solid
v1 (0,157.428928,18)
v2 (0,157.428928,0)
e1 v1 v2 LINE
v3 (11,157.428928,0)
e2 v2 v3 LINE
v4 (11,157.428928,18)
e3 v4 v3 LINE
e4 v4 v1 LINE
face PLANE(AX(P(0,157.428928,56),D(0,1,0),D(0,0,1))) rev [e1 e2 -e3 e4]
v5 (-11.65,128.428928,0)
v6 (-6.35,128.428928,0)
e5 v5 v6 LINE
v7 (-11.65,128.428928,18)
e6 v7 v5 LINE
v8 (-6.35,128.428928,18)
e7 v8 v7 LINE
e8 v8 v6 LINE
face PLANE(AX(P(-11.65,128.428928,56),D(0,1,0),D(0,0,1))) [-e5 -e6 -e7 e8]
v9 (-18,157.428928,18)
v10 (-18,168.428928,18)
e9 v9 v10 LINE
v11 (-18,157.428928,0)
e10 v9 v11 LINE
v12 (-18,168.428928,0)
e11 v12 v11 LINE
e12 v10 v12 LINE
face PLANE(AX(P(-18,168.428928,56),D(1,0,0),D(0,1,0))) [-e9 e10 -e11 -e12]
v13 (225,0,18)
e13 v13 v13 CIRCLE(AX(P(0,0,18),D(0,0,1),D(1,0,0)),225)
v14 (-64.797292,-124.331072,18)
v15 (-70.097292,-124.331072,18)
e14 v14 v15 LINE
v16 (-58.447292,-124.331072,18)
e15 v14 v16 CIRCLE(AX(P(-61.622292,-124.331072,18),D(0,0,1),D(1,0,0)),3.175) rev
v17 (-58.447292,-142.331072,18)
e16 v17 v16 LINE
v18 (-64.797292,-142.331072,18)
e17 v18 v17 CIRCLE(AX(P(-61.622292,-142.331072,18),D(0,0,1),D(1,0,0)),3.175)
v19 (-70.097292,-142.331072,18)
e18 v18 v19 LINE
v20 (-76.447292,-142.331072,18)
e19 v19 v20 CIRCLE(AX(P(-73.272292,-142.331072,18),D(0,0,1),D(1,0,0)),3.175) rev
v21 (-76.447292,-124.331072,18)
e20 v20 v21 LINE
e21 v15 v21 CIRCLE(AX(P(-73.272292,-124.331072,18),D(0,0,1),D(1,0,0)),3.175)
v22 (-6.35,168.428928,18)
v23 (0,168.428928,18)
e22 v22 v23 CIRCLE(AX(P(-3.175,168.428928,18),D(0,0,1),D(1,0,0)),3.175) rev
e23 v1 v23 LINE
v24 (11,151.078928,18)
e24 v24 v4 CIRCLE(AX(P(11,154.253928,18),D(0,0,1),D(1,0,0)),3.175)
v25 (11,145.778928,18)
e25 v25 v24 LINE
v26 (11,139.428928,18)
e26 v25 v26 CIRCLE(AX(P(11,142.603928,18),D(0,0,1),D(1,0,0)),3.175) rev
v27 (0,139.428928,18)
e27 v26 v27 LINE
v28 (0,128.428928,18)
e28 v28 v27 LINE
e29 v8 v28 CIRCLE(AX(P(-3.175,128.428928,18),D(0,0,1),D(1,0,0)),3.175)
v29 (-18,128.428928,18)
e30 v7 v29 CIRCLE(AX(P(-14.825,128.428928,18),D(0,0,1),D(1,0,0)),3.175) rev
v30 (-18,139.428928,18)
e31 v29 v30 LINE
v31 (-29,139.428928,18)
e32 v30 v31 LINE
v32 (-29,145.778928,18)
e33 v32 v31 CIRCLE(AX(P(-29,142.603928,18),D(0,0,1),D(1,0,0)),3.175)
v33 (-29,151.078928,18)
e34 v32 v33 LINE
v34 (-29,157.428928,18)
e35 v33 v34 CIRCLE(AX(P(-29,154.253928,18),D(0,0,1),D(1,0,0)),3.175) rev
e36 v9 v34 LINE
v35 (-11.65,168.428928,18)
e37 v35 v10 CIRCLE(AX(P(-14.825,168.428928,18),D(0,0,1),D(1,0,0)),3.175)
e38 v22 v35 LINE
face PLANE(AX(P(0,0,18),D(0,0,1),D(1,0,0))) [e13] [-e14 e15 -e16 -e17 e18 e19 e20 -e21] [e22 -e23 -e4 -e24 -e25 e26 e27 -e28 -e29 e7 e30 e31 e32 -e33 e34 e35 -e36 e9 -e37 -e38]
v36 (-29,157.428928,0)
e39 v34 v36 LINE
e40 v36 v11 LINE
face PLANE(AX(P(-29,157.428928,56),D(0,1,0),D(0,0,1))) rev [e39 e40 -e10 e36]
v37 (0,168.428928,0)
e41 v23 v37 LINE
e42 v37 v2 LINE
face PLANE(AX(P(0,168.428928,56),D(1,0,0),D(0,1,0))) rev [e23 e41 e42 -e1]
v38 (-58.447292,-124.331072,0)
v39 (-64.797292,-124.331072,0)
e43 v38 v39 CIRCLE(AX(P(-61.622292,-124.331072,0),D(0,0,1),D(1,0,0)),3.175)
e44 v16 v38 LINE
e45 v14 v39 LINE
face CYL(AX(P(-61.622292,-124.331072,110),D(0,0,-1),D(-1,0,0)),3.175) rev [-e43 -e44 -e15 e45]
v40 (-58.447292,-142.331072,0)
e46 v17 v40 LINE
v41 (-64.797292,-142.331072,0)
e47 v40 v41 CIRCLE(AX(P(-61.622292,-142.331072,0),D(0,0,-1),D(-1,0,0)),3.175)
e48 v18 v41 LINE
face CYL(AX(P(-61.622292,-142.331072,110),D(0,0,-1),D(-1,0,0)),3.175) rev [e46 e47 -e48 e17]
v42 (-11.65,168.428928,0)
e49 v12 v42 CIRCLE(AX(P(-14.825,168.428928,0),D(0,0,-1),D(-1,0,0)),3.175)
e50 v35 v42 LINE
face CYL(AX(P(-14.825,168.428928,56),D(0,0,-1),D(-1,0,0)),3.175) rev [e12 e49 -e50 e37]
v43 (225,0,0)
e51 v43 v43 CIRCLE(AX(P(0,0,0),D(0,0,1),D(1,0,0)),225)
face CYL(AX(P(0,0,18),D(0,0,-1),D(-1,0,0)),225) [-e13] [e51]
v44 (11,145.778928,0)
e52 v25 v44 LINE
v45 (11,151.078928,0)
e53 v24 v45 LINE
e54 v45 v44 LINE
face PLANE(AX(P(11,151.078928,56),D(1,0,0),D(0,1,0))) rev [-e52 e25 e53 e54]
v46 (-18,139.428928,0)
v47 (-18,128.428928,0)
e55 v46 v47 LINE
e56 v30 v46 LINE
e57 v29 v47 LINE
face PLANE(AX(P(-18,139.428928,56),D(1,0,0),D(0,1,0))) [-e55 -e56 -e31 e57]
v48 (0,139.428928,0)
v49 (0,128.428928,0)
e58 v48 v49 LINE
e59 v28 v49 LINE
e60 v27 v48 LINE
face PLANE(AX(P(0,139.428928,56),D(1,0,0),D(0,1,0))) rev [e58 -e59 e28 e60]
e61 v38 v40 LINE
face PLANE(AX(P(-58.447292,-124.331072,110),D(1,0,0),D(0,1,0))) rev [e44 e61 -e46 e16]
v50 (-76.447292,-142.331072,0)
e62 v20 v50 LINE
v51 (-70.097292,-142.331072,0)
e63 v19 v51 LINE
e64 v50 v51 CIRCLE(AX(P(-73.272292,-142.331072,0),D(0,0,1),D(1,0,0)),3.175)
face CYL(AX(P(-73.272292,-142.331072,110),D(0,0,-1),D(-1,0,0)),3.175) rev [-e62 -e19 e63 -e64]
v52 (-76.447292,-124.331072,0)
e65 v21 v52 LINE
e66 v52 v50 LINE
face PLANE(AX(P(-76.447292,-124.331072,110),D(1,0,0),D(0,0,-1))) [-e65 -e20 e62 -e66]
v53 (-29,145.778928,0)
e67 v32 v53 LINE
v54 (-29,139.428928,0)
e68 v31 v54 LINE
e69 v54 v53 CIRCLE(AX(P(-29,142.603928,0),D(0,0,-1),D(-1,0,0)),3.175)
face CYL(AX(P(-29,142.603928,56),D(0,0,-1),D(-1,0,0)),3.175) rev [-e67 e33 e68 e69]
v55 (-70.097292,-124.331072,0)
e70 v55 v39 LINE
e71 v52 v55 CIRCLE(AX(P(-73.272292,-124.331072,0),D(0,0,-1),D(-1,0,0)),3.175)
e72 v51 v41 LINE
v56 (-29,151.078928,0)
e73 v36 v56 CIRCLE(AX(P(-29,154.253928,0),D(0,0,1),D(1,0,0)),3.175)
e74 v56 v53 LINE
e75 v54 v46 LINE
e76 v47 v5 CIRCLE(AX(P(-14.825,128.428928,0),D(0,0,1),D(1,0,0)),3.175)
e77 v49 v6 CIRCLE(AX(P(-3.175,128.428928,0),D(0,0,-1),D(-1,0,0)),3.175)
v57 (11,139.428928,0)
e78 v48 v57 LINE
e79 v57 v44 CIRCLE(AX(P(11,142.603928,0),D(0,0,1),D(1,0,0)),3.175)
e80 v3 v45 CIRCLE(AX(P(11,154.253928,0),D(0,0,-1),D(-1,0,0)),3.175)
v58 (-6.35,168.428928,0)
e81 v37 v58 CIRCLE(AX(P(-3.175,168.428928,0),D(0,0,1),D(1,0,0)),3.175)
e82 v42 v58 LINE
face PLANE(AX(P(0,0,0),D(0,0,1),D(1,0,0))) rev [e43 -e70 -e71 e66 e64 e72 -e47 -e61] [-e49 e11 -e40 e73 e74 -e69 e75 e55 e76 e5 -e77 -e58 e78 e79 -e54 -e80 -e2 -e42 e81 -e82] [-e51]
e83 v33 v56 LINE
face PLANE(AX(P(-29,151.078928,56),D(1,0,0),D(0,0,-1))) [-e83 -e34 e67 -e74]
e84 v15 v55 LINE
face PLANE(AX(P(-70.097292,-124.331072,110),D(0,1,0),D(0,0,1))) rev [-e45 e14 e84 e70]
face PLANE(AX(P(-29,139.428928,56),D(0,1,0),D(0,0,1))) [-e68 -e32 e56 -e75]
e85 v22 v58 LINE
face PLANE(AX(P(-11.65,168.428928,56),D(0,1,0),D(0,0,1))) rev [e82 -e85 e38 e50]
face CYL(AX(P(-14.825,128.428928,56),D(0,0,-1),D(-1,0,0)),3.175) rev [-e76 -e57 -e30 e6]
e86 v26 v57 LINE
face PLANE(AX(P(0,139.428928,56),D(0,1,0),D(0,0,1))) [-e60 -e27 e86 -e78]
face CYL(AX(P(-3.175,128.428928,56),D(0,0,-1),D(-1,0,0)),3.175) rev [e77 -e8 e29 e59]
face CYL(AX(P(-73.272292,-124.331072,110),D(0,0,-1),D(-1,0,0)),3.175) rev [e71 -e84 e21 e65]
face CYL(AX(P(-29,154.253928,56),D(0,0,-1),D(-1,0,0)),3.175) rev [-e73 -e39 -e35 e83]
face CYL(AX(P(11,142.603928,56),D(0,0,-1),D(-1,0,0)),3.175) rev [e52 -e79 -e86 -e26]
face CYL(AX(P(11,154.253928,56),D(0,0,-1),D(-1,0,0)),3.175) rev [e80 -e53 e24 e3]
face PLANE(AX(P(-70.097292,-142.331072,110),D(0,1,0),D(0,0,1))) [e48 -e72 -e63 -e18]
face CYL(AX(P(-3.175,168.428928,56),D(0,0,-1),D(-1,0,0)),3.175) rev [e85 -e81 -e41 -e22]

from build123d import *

# Parameters (mm, degrees)
SCHIZZO1_R                   = 225
ESTRUSIONE_ESTRUSIONE1_DEPTH = 18
TAGLIO_ESTRUSIONE3_DEPTH     = 56
TAGLIO_ESTRUSIONE4_DEPTH     = 110


with BuildPart() as part:
    # Schizzo1 → Estrusione-Estrusione1 (new body)
    with BuildSketch(Plane.XY):
        Circle(SCHIZZO1_R)
    extrude(amount=ESTRUSIONE_ESTRUSIONE1_DEPTH)

    # Schizzo1<7> → Taglio-Estrusione3 (cut)
    with BuildSketch(Plane.XY):
        with BuildLine():
            Line((-11.65, 168.428927822), (-6.35, 168.428927822))
            ThreePointArc((-6.35, 168.428927822), (-3.175, 171.603927822), (0, 168.428927822))
            Line((0, 168.428927822), (0, 157.428927822))
            Line((0, 157.428927822), (11, 157.428927822))
            ThreePointArc((11, 157.428927822), (14.175, 154.253927822), (11, 151.078927822))
            Line((11, 151.078927822), (11, 145.778927822))
            ThreePointArc((11, 145.778927822), (14.175, 142.603927822), (11, 139.428927822))
            Line((11, 139.428927822), (0, 139.428927822))
            Line((0, 139.428927822), (0, 128.428927822))
            ThreePointArc((0, 128.428927822), (-3.175, 125.253927822), (-6.35, 128.428927822))
            Line((-6.35, 128.428927822), (-11.65, 128.428927822))
            ThreePointArc((-11.65, 128.428927822), (-14.825, 125.253927822), (-18, 128.428927822))
            Line((-18, 128.428927822), (-18, 139.428927822))
            Line((-18, 139.428927822), (-29, 139.428927822))
            ThreePointArc((-29, 139.428927822), (-32.175, 142.603927822), (-29, 145.778927822))
            Line((-29, 145.778927822), (-29, 151.078927822))
            ThreePointArc((-29, 151.078927822), (-32.175, 154.253927822), (-29, 157.428927822))
            Line((-29, 157.428927822), (-18, 157.428927822))
            Line((-18, 157.428927822), (-18, 168.428927822))
            ThreePointArc((-18, 168.428927822), (-14.825, 171.603927822), (-11.65, 168.428927822))
        make_face()
    extrude(amount=TAGLIO_ESTRUSIONE3_DEPTH, mode=Mode.SUBTRACT)

    # Schizzo1<8> → Taglio-Estrusione4 (cut)
    with BuildSketch(Plane.XY):
        with BuildLine():
            Line((-70.097292154, -124.331072178), (-64.797292154, -124.331072178))
            ThreePointArc((-64.797292154, -124.331072178), (-61.622292154, -121.156072178), (-58.447292154, -124.331072178))
            Line((-58.447292154, -124.331072178), (-58.447292154, -142.331072178))
            ThreePointArc((-58.447292154, -142.331072178), (-61.622292154, -145.506072178), (-64.797292154, -142.331072178))
            Line((-64.797292154, -142.331072178), (-70.097292154, -142.331072178))
            ThreePointArc((-70.097292154, -142.331072178), (-73.272292154, -145.506072178), (-76.447292154, -142.331072178))
            Line((-76.447292154, -142.331072178), (-76.447292154, -124.331072178))
            ThreePointArc((-76.447292154, -124.331072178), (-73.272292154, -121.156072178), (-70.097292154, -124.331072178))
        make_face()
    extrude(amount=TAGLIO_ESTRUSIONE4_DEPTH, mode=Mode.SUBTRACT)


solid = part.part
